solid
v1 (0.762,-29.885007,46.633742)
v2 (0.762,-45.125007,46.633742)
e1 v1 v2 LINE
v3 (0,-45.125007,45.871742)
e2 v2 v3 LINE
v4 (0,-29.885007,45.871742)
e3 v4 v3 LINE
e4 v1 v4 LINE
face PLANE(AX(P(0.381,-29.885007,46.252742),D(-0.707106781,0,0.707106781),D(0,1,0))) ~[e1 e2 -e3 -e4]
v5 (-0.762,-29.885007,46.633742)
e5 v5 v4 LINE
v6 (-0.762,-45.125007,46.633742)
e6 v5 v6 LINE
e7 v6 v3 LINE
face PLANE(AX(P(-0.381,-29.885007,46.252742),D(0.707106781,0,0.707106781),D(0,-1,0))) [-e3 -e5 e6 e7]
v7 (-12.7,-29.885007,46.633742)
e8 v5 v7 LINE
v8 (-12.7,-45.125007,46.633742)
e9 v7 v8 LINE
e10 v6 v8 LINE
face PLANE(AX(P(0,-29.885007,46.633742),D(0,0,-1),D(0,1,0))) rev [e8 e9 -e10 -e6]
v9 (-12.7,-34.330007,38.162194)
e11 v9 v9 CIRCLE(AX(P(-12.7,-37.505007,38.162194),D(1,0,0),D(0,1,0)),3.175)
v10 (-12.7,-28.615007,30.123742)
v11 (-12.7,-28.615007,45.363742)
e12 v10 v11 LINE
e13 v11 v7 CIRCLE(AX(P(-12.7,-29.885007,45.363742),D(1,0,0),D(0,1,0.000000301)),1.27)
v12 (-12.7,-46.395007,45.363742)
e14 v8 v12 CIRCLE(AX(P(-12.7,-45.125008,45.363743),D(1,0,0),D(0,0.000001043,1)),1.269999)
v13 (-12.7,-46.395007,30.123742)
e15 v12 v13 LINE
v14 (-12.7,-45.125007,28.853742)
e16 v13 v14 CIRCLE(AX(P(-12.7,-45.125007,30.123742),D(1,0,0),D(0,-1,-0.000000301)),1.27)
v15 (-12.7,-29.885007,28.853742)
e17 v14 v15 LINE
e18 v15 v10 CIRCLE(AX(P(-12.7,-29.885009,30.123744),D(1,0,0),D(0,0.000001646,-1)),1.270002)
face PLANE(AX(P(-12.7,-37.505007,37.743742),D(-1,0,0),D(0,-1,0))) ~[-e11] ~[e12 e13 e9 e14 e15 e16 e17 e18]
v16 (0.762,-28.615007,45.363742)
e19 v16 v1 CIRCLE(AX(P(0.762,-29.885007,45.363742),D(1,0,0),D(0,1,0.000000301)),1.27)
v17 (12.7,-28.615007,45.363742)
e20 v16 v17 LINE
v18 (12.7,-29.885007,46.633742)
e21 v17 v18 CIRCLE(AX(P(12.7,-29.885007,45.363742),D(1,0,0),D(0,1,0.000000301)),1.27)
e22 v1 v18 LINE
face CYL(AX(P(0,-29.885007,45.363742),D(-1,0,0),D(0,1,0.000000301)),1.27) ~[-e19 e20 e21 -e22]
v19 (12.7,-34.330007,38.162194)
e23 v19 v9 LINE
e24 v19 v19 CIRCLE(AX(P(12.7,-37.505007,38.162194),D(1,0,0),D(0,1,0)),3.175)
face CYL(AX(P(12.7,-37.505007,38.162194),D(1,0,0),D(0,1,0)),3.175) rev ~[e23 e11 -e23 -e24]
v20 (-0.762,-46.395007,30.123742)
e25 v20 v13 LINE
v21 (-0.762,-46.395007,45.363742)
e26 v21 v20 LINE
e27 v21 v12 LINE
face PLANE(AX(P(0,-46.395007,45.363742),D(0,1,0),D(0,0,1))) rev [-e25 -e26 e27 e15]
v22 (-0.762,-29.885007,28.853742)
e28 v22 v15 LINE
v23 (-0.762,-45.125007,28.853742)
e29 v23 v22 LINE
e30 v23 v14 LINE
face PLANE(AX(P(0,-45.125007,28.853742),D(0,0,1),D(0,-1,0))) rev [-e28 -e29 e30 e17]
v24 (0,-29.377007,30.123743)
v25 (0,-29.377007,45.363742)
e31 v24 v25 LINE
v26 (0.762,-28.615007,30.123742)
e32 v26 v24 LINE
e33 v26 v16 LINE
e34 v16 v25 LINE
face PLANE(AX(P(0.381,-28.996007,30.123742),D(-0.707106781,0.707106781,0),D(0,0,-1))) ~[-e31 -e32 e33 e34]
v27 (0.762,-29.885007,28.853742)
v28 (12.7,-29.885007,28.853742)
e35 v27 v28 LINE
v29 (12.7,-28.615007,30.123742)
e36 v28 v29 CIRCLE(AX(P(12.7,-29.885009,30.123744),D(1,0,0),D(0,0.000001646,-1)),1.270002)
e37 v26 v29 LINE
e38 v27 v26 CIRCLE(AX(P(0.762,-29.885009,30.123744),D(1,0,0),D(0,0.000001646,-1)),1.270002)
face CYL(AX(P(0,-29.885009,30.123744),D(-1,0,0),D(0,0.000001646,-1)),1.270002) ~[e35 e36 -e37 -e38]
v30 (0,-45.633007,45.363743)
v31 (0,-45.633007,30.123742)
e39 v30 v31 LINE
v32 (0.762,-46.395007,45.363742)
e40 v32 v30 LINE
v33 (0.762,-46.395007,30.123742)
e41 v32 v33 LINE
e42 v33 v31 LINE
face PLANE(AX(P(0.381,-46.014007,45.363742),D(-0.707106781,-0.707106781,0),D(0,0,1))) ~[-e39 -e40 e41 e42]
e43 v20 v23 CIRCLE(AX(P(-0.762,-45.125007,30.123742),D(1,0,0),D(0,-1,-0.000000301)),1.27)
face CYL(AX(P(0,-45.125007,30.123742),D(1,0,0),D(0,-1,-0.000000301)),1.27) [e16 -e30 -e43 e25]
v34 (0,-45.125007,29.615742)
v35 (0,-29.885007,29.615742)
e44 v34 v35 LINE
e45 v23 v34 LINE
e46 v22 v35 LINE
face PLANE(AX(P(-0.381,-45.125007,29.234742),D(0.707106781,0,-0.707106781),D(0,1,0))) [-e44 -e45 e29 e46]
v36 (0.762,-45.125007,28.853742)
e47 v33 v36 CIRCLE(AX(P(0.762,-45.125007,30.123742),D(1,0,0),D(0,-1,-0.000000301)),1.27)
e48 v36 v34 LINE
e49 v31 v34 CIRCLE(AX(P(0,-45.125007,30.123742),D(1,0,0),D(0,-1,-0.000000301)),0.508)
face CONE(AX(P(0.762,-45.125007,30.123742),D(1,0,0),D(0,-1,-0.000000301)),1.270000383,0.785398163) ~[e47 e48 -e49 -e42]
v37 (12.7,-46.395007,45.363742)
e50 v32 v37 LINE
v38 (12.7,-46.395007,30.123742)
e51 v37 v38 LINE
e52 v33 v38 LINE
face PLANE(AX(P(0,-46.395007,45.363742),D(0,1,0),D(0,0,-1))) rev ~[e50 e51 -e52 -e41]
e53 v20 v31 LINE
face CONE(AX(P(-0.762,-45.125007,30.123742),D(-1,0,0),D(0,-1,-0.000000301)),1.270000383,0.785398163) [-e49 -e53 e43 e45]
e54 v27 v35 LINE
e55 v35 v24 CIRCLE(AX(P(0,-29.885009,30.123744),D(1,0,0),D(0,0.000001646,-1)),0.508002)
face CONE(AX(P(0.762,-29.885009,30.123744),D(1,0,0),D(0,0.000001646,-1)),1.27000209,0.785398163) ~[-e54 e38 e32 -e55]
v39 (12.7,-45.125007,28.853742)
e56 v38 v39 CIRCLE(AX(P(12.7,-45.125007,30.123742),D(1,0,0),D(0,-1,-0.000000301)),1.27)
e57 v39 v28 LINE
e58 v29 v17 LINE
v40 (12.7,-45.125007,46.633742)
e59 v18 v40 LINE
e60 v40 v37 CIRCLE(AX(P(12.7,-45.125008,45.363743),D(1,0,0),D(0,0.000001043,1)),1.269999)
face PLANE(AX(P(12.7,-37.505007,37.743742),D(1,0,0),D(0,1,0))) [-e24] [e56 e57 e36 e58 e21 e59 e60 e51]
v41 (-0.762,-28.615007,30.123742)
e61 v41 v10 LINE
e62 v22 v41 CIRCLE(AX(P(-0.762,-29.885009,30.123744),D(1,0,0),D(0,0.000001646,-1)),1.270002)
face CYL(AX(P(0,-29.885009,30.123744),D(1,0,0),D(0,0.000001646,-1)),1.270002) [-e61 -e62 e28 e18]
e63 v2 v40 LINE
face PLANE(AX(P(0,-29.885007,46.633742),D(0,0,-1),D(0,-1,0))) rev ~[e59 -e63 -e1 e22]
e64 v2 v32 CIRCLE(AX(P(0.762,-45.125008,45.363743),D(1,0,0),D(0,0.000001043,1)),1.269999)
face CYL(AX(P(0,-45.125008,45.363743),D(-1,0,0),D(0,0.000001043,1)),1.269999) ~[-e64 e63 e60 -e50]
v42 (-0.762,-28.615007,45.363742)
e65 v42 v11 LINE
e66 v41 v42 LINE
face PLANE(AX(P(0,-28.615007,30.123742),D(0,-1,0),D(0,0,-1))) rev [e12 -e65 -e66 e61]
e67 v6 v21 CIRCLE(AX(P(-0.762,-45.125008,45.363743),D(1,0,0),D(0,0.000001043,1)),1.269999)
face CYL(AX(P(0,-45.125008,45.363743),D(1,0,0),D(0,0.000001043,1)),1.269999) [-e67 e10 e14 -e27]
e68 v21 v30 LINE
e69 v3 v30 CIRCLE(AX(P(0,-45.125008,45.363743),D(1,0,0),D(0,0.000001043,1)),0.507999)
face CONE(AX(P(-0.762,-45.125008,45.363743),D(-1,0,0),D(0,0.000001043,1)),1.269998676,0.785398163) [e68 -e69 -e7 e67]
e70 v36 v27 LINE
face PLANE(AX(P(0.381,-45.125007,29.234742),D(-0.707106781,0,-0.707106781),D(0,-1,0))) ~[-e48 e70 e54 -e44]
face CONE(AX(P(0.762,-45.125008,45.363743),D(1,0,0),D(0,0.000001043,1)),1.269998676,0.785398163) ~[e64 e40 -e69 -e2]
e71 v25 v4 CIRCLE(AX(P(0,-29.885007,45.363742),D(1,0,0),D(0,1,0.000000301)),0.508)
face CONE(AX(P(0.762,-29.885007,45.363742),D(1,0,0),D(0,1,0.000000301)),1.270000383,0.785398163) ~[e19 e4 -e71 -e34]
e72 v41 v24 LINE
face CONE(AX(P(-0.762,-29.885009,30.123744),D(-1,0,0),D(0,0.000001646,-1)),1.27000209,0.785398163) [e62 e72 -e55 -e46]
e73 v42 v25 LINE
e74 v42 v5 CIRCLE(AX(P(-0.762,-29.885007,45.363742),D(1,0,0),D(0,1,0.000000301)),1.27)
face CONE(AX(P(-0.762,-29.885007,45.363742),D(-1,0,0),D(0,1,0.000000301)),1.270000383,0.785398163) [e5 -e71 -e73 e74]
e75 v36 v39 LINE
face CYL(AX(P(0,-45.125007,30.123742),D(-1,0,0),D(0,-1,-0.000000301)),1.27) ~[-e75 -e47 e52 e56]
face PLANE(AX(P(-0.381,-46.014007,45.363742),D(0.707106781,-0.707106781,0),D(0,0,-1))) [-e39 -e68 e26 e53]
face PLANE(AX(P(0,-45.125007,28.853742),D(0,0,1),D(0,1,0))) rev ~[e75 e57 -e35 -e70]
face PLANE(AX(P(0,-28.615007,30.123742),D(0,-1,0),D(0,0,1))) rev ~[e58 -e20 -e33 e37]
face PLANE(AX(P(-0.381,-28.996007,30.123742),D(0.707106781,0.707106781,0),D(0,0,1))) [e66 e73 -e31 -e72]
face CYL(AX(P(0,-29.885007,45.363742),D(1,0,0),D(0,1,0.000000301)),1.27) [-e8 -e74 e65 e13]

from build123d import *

# Parameters (mm, degrees)
F1_DEPTH = 12.7
F2_SIZE  = 0.762
F4_R     = 3.175
F5_DEPTH = 25.401


with BuildPart() as f1:
    # F0 (on Right) → F1 (new body)
    with BuildSketch(Plane.YZ):
        with BuildLine():
            ThreePointArc((-45.125007, 46.633742), (-46.023033, 46.261768), (-46.395007, 45.363742))
            Line((-46.395007, 45.363742), (-46.395007, 30.123742))
            ThreePointArc((-46.395007, 30.123742), (-46.023033, 29.225717), (-45.125007, 28.853742))
            Line((-45.125007, 28.853742), (-29.885007, 28.853742))
            ThreePointArc((-29.885007, 28.853742), (-28.986982, 29.225717), (-28.615007, 30.123742))
            Line((-28.615007, 30.123742), (-28.615007, 45.363742))
            ThreePointArc((-28.615007, 45.363742), (-28.986982, 46.261768), (-29.885007, 46.633742))
            Line((-29.885007, 46.633742), (-45.125007, 46.633742))
        make_face()
    extrude(amount=F1_DEPTH)

    # F2
    f2_edges = [f1.edges().sort_by_distance(p)[0] for p in [
        (0, -37.505007, 46.633742),
        (0, -46.395007, 37.743742),
    ]]
    chamfer(f2_edges, length=F2_SIZE)

    # F3: F1 across plane


with BuildPart() as f1_1:
    add(f1.part)
    add(f1.part.mirror(Plane.YZ))

    # F4 (on face) → F5 (cut, through all)
    with BuildSketch(Plane.YZ.offset(12.7)):
        with Locations((-37.505007, 38.162194)):
            Circle(F4_R)
    extrude(amount=-F5_DEPTH, mode=Mode.SUBTRACT)


solid = f1_1.part
